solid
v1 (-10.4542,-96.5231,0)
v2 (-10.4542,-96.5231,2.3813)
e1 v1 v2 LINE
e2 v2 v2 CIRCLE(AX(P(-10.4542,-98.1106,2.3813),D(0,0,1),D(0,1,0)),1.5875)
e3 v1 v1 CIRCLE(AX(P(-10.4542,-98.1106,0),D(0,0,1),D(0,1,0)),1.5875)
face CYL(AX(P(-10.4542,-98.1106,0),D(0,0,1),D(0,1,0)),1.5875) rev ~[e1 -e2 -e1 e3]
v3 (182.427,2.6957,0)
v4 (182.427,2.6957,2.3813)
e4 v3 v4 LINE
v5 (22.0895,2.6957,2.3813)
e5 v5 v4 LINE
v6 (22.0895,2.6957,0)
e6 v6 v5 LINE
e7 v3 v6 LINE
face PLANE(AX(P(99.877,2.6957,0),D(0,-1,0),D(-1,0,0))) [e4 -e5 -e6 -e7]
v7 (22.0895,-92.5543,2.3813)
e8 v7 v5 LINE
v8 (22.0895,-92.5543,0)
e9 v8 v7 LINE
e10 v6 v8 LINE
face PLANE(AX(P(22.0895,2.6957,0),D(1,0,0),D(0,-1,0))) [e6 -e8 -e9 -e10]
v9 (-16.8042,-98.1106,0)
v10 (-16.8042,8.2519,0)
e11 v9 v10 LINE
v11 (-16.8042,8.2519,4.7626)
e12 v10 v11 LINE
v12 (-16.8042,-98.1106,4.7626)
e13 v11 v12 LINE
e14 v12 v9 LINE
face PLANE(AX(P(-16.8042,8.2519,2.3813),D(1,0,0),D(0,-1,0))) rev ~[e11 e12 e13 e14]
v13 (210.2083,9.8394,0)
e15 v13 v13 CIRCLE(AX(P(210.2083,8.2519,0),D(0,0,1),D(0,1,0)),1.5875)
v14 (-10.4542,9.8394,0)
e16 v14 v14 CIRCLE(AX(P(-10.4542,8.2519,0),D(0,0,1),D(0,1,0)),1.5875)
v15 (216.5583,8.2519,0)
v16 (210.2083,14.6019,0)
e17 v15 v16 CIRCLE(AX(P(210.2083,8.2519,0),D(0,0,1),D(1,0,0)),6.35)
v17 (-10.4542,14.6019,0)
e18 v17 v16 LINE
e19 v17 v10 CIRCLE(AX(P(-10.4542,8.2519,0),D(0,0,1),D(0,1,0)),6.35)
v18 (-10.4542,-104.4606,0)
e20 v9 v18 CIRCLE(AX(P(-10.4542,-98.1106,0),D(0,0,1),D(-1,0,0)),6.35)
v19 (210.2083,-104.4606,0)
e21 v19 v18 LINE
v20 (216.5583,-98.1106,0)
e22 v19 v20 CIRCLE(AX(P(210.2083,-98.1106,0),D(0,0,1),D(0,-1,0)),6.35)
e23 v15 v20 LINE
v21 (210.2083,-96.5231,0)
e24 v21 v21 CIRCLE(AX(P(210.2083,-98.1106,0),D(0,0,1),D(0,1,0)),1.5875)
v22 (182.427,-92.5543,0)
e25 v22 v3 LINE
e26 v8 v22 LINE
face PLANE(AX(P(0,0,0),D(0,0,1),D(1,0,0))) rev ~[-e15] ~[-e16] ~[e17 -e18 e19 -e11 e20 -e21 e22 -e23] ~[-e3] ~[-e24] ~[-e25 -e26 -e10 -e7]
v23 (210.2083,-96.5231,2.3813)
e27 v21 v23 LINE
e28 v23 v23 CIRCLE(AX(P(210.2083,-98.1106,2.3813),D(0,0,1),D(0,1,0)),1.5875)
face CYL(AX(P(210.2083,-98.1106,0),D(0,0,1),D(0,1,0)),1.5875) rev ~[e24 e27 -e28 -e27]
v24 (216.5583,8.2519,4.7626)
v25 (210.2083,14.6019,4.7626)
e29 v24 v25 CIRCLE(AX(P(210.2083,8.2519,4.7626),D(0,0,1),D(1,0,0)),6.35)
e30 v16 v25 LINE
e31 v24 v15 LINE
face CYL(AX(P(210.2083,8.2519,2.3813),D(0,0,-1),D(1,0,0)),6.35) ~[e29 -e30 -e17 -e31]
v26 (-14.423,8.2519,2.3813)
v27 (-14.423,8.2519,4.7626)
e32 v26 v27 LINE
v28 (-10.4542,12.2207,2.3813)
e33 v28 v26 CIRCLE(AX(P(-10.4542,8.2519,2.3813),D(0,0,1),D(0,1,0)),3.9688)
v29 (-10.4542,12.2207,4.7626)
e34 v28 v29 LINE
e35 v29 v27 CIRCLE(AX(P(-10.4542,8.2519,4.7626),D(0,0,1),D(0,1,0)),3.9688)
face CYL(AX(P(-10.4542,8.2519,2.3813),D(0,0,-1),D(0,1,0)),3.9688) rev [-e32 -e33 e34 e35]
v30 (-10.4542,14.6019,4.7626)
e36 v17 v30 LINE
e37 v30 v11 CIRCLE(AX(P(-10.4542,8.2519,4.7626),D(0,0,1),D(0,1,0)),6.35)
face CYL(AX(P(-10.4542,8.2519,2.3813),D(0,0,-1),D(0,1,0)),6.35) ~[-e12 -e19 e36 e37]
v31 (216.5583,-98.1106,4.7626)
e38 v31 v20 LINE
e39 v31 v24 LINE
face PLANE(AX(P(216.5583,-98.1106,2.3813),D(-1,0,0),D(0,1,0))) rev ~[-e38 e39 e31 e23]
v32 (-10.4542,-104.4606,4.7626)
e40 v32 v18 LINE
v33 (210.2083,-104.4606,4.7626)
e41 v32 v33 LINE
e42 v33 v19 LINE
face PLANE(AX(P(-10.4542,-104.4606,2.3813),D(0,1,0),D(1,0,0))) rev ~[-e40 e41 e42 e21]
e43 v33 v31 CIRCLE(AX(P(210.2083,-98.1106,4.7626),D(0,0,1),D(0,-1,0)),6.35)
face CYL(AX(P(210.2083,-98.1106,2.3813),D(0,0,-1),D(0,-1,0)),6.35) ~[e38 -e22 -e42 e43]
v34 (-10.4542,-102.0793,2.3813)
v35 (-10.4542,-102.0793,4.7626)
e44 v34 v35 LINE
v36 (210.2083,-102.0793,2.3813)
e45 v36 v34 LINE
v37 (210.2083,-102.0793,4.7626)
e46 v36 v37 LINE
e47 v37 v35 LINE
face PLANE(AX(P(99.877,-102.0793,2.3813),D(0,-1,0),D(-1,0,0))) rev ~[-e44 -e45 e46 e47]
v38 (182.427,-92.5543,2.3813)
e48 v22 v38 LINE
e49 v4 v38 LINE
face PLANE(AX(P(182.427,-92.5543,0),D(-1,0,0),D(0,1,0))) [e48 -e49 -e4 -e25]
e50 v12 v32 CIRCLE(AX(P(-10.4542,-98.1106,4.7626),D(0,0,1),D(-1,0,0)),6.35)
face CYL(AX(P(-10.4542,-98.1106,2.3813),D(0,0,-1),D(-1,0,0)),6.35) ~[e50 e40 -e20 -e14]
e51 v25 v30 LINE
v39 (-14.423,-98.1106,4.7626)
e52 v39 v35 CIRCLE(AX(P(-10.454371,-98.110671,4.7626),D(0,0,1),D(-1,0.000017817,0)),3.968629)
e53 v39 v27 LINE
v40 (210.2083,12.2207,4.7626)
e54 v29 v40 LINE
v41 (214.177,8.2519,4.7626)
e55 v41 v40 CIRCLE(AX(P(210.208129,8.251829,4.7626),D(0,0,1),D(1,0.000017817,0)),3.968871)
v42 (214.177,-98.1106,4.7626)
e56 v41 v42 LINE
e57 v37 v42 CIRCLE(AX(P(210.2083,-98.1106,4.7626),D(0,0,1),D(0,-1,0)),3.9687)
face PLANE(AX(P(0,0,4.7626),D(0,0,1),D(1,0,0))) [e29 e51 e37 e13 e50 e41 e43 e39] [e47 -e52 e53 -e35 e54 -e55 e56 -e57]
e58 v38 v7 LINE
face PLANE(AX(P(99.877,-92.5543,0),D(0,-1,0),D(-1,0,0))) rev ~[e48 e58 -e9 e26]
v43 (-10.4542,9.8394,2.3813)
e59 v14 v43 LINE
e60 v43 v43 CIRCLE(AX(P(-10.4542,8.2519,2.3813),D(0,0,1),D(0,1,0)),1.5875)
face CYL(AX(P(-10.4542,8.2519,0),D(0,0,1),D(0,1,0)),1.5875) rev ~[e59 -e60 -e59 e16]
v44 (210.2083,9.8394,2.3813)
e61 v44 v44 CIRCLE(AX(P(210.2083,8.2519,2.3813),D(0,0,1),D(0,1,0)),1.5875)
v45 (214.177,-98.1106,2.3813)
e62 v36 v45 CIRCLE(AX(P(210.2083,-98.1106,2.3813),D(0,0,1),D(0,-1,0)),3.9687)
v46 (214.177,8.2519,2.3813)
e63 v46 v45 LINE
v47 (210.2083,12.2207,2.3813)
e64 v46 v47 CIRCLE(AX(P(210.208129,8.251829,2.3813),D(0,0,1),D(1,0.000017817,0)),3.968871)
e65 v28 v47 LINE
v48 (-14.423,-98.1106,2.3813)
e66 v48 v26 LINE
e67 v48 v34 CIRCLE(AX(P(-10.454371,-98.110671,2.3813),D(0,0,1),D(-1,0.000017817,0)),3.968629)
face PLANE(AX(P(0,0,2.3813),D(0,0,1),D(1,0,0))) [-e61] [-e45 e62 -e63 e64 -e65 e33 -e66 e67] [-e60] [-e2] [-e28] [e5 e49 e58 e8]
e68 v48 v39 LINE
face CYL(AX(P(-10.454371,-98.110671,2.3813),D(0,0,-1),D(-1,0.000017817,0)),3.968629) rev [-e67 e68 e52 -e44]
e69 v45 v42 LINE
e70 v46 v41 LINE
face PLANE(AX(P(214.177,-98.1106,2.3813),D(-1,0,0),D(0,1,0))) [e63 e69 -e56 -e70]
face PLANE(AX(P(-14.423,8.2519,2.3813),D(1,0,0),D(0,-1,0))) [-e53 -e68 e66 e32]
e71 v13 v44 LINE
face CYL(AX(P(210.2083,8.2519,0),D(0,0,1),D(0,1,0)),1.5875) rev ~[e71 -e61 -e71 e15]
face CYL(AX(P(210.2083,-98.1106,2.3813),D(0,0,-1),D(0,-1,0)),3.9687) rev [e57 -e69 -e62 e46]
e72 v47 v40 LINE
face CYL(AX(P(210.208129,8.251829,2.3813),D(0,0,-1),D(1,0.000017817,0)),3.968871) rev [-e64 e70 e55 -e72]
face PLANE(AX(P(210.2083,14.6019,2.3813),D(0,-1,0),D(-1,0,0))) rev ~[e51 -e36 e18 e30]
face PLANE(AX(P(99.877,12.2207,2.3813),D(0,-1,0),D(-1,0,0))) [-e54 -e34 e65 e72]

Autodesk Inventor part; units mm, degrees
ref_plane "YZ Plane" through (0, 0, 0) normal (1, 0, 0) x (0, 1, 0)
ref_plane "XZ Plane" through (0, 0, 0) normal (0, 1, 0) x (-1, 0, 0)
ref_plane "XY Plane" through (0, 0, 0) normal (0, 0, 1) x (1, 0, 0)
sketch "Sketch1" plane through (0, 0, 0) normal (0, 0, 1) x (1, 0, 0)
  line L0 (-10.4542, 14.6019) -> (210.2083, 14.6019)
  line L1 (216.5583, 8.2519) -> (216.5583, -98.1106)
  line L2 (210.2083, -104.4606) -> (-10.4542, -104.4606)
  line L3 (-16.8042, -98.1106) -> (-16.8042, 8.2519)
  line L4 (99.877, 12.2207) -> (-10.4542, 12.2207)
  line L5 (-14.423, 8.2519) -> (-14.423, -44.9293)
  line L6 (99.877, 12.2207) -> (210.2083, 12.2207)
  line L7 (214.177, 8.2519) -> (214.177, -44.9293)
  line L8 (99.877, -102.0793) -> (210.2083, -102.0793)
  line L9 (214.177, -98.1106) -> (214.177, -44.9293)
  line L10 (99.877, -102.0793) -> (-10.4542, -102.0793)
  line L11 (-14.423, -98.1106) -> (-14.423, -44.9293)
  arc A0 (-10.4542, 14.6019) -> (-16.8042, 8.2519) centre (-10.4542, 8.2519) ccw
  arc A1 (216.5583, 8.2519) -> (210.2083, 14.6019) centre (210.2083, 8.2519) ccw
  arc A2 (210.2083, -104.4606) -> (216.5583, -98.1106) centre (210.2083, -98.1106) ccw
  arc A3 (-16.8042, -98.1106) -> (-10.4542, -104.4606) centre (-10.4542, -98.1106) ccw
  arc A4 (-10.4542, 12.2207) -> (-14.423, 8.2519) centre (-10.4542, 8.2519) ccw
  arc A5 (214.177, 8.2519) -> (210.2083, 12.2207) centre (210.2083, 8.2519) ccw
  arc A6 (210.2083, -102.0793) -> (214.177, -98.1106) centre (210.2083, -98.1106) ccw
  arc A7 (-14.423, -98.1106) -> (-10.4542, -102.0793) centre (-10.4542, -98.1106) ccw
  line L12 (99.877, 2.6957) -> (22.0895, 2.6957)
  line L13 (22.0895, 2.6957) -> (22.0895, -44.9293)
  line L14 (99.877, 2.6957) -> (182.427, 2.6957)
  line L15 (182.427, 2.6957) -> (182.427, -44.9293)
  line L16 (99.877, -92.5543) -> (182.427, -92.5543)
  line L17 (182.427, -92.5543) -> (182.427, -44.9293)
  line L18 (99.877, -92.5543) -> (22.0895, -92.5543)
  line L19 (22.0895, -92.5543) -> (22.0895, -44.9293)
  point P0 (0, 0)
  point P1 (-16.8042, 14.6019)
  point P2 (216.5583, -104.4606)
  point P3 (216.5583, 14.6019)
  point P4 (-16.8042, -104.4606)
  dimension "d0" = 233.3625
  dimension "d1" = 119.0625
  dimension "d9" = 6.35
  dimension "d10" = 3.9688
  dimension "d37" = 31.75
  dimension "d38" = 36.5125
  dimension "d39" = 9.525
  dimension "d40" = 9.525
extrude "Extrusion5" add sketch "Sketch1" along normal blind 2.3813 contours L0 A1 L1 A2 L2 A3 L3 A0 | L6 A5 L7 L9 A6 L8 L10 A7 L11 L5 A4 L4
sketch "Sketch6" plane through (0, 0, 2.3813) normal (0, 0, 1) x (1, 0, 0)
  line L0 (210.2083, 14.6019) -> (-10.4542, 14.6019) projected
  arc A0 (-10.4542, 14.6019) -> (-16.8042, 8.2519) centre (-10.4542, 8.2519) ccw projected
  line L1 (-16.8042, 8.2519) -> (-16.8042, -98.1106) projected
  arc A1 (-16.8042, -98.1106) -> (-10.4542, -104.4606) centre (-10.4542, -98.1106) ccw projected
  line L2 (-10.4542, -104.4606) -> (210.2083, -104.4606) projected
  arc A2 (210.2083, -104.4606) -> (216.5583, -98.1106) centre (210.2083, -98.1106) ccw projected
  line L3 (216.5583, -98.1106) -> (216.5583, 8.2519) projected
  arc A3 (216.5583, 8.2519) -> (210.2083, 14.6019) centre (210.2083, 8.2519) ccw projected
  line L4 (99.877, 12.2207) -> (-10.4542, 12.2207)
  line L5 (-14.423, 8.2519) -> (-14.423, -44.9293)
  line L6 (99.877, 12.2207) -> (210.2083, 12.2207)
  line L7 (214.177, 8.2519) -> (214.177, -44.9293)
  line L8 (99.877, -102.0793) -> (210.2083, -102.0793)
  line L9 (214.177, -98.1106) -> (214.177, -44.9293)
  line L10 (99.877, -102.0793) -> (-10.4542, -102.0793)
  line L11 (-14.423, -98.1106) -> (-14.423, -44.9293)
  arc A4 (-10.4542, 12.2207) -> (-14.423, 8.2519) centre (-10.4542, 8.2519) ccw
  arc A5 (214.177, 8.2519) -> (210.2083, 12.2207) centre (210.2083, 8.2519) ccw
  arc A6 (210.2083, -102.0793) -> (214.177, -98.1106) centre (210.2083, -98.1106) ccw
  arc A7 (-14.423, -98.1106) -> (-10.4542, -102.0793) centre (-10.4542, -98.1106) ccw
  point P0 (0, 0)
  dimension "d47" = 3.9688
extrude "Extrusion6" add sketch "Sketch6" along normal blind 2.3813
sketch "Sketch12" plane through (0, 0, 0) normal (0, 0, -1) x (-1, 0, 0)
  arc A0 (-210.2083, 14.6019) -> (-216.5583, 8.2519) centre (-210.2083, 8.2519) ccw projected
  arc A1 (-216.5583, -98.1106) -> (-210.2083, -104.4606) centre (-210.2083, -98.1106) ccw projected
  arc A2 (10.4542, -104.4606) -> (16.8042, -98.1106) centre (10.4542, -98.1106) ccw projected
  arc A3 (16.8042, 8.2519) -> (10.4542, 14.6019) centre (10.4542, 8.2519) ccw projected
  circle A4 centre (10.4542, 8.2519) radius 1.5875
  circle A5 centre (10.4542, -98.1106) radius 1.5875
  circle A6 centre (-210.2083, -98.1106) radius 1.5875
  circle A7 centre (-210.2083, 8.2519) radius 1.5875
  point P0 (0, 0)
  dimension "d64" = 3.175
  dimension "d65" = 3.175
  dimension "d66" = 3.175
  dimension "d67" = 3.175
hole "Hole2" at (210.2083, 8.2519, 0) at (-10.4542, 8.2519, 0) at (-10.4542, -98.1106, 0) at (210.2083, -98.1106, 0) direction (0, 0, 1) diameter 3.175 end through all
properties part number "Slave Tablet Cover"
